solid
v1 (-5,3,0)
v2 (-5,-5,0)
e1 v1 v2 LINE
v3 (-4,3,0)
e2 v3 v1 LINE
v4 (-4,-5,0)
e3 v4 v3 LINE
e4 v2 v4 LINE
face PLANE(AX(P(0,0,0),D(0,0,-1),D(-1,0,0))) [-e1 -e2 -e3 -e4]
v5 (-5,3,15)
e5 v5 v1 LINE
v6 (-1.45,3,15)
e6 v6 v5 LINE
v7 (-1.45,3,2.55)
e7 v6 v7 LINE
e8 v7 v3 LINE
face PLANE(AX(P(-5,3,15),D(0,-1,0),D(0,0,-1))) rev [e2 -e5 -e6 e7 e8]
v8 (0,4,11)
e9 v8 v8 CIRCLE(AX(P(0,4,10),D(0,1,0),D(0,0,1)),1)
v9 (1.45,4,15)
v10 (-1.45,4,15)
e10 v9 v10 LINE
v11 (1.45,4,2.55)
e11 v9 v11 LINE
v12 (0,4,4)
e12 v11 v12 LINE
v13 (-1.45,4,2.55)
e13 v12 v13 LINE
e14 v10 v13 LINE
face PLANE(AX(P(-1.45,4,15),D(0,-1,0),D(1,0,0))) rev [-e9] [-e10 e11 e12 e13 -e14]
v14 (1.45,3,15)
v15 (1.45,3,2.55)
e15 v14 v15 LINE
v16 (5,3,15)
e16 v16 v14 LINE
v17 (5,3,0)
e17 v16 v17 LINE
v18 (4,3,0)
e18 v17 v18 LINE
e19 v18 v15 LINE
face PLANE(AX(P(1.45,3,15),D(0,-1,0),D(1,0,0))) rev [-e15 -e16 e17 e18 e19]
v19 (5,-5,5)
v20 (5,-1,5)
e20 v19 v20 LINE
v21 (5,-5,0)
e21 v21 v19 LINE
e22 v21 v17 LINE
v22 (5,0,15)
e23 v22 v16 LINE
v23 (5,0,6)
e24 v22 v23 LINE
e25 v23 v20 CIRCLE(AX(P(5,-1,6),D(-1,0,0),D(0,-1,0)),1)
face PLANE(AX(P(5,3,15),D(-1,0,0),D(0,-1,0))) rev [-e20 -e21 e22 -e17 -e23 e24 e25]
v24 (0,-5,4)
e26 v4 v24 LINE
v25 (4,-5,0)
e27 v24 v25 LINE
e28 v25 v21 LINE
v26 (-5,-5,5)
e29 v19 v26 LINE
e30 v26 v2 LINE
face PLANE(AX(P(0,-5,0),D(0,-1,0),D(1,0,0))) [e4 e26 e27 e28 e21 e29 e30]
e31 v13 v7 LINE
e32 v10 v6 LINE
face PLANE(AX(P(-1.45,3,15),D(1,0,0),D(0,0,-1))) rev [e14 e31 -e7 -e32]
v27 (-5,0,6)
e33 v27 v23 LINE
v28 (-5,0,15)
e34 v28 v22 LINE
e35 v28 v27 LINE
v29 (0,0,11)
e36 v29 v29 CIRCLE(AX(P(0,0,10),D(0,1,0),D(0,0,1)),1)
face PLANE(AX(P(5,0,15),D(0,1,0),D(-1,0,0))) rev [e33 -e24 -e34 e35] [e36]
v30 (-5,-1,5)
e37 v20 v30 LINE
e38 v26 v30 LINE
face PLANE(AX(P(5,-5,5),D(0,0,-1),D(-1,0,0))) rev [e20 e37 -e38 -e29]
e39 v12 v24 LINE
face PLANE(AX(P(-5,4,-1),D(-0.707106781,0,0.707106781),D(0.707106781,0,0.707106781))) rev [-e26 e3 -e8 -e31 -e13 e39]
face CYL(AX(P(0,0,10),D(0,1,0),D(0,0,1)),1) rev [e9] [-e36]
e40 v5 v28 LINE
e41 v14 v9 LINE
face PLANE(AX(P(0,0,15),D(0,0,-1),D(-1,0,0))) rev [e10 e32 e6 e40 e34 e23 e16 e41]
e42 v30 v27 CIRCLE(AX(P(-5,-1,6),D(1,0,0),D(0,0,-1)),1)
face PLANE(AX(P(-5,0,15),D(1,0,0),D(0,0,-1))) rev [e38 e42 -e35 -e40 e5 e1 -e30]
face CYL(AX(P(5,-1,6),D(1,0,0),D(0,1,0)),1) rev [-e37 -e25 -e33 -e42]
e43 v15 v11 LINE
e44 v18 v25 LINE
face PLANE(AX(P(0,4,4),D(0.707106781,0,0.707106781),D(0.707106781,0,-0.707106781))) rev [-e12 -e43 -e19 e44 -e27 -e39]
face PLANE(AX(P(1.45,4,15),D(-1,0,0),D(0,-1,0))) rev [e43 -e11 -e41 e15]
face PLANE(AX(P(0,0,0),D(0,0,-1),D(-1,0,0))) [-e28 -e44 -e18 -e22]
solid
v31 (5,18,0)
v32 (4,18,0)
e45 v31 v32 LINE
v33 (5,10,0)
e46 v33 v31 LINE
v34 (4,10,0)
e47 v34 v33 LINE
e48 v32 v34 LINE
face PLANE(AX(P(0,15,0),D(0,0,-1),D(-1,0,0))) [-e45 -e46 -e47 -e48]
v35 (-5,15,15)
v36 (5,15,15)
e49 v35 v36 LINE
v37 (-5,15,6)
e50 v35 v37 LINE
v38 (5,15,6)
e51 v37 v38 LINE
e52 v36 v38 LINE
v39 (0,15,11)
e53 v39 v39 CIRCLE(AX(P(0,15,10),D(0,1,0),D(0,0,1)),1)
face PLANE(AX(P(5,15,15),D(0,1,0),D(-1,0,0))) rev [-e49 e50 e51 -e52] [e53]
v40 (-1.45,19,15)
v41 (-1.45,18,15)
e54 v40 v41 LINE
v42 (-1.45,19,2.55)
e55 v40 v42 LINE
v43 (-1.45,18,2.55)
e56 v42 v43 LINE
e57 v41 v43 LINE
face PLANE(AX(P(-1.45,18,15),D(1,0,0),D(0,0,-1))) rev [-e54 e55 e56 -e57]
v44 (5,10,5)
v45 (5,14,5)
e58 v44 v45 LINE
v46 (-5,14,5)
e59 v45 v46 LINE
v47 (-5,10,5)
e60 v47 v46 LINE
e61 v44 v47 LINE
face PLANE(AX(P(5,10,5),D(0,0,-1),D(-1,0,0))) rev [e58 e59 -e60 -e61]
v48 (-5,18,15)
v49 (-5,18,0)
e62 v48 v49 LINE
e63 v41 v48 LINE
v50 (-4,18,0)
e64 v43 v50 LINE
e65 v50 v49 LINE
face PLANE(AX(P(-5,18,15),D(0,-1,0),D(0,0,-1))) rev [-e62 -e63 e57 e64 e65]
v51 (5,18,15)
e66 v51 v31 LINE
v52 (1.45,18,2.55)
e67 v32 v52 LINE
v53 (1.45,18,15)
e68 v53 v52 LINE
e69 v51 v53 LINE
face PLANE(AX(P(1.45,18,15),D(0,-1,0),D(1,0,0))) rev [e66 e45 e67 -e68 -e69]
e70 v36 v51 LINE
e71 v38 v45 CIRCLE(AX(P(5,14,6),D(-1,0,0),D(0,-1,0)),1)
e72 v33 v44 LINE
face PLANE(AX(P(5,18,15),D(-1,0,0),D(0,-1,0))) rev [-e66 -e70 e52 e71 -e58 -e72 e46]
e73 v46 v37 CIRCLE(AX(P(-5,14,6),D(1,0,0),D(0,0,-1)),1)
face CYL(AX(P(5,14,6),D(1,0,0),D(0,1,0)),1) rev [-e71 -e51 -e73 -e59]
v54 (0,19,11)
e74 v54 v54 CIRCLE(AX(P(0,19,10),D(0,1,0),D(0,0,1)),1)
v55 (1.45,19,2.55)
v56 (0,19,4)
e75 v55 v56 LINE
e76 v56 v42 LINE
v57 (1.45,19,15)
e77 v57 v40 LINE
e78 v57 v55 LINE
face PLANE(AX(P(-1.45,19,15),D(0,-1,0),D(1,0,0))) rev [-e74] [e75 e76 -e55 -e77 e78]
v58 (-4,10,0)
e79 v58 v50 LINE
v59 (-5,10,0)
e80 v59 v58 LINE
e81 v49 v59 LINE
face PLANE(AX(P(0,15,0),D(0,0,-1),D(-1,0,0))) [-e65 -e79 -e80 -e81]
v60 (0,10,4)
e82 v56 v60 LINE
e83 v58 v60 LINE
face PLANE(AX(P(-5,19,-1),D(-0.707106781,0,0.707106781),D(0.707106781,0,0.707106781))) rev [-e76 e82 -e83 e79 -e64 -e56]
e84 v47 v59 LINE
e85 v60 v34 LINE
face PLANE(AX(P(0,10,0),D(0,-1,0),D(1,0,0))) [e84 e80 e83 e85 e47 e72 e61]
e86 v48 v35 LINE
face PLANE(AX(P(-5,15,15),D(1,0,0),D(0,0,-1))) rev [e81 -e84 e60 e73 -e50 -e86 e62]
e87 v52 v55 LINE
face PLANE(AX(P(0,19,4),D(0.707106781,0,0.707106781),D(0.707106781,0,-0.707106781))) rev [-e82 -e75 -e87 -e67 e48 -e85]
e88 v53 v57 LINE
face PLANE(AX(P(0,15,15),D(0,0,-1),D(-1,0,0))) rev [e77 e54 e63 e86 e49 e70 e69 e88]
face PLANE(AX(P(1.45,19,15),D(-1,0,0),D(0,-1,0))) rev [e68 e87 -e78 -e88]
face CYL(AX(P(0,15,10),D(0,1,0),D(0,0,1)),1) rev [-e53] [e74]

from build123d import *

# Parameters (mm, degrees)
MAIN_DEPTH          = 15
ESQUISSE2_R         = 1
TOPHOLE_DEPTH       = 5
CUT_EXTRUDE1_DEPTH  = 5
BOSS_EXTRUDE1_DEPTH = 5
FILLET1_R           = 1
LPATTERN1_COUNT     = 2
LPATTERN1_PITCH     = 15


with BuildPart() as part:
    # Esquisse1 → Main (new body)
    with BuildSketch(Plane.XY):
        Polygon((-5, 0), (-5, 3), (-1.45, 3), (-1.45, 4), (1.45, 4), (1.45, 3), (5, 3), (5, 0), align=None)
    extrude(amount=MAIN_DEPTH)

    # Esquisse2 → TopHole (cut, through all)
    with BuildSketch(Plane(origin=(0, 4, 0), x_dir=(1, 0, 0), z_dir=(0, 1, 0))):
        with Locations((0, -10)):
            Circle(ESQUISSE2_R)
    extrude(amount=-TOPHOLE_DEPTH, mode=Mode.SUBTRACT)

    # Sketch1 → Cut-Extrude1 (cut, through all)
    with BuildSketch(Plane(origin=(0, 0, 0), x_dir=(-1, 0, 0), z_dir=(0, -1, 0))):
        Polygon((5, 1), (0, -4), (-5, 1), align=None)
    extrude(amount=-CUT_EXTRUDE1_DEPTH, mode=Mode.SUBTRACT)

    # Sketch2 → Boss-Extrude1 (add)
    with BuildSketch(Plane(origin=(0, 0, 0), x_dir=(-1, 0, 0), z_dir=(0, -1, 0))):
        Polygon((-5, 0), (-5, -5), (5, -5), (5, 0), (4, 0), (0, -4), (-4, 0), align=None)
    extrude(amount=BOSS_EXTRUDE1_DEPTH)

    # Fillet1
    fillet1_edges = [part.edges().sort_by_distance(p)[0] for p in [
        (0, 0, 5),
    ]]
    fillet(fillet1_edges, radius=FILLET1_R)


with BuildPart() as lpattern1_1:
    # LPattern1: pattern copy
    add(part.part.moved(Location(Vector(0, 1, 0) * (1 * LPATTERN1_PITCH))))


solid = Compound([part.part, lpattern1_1.part])
